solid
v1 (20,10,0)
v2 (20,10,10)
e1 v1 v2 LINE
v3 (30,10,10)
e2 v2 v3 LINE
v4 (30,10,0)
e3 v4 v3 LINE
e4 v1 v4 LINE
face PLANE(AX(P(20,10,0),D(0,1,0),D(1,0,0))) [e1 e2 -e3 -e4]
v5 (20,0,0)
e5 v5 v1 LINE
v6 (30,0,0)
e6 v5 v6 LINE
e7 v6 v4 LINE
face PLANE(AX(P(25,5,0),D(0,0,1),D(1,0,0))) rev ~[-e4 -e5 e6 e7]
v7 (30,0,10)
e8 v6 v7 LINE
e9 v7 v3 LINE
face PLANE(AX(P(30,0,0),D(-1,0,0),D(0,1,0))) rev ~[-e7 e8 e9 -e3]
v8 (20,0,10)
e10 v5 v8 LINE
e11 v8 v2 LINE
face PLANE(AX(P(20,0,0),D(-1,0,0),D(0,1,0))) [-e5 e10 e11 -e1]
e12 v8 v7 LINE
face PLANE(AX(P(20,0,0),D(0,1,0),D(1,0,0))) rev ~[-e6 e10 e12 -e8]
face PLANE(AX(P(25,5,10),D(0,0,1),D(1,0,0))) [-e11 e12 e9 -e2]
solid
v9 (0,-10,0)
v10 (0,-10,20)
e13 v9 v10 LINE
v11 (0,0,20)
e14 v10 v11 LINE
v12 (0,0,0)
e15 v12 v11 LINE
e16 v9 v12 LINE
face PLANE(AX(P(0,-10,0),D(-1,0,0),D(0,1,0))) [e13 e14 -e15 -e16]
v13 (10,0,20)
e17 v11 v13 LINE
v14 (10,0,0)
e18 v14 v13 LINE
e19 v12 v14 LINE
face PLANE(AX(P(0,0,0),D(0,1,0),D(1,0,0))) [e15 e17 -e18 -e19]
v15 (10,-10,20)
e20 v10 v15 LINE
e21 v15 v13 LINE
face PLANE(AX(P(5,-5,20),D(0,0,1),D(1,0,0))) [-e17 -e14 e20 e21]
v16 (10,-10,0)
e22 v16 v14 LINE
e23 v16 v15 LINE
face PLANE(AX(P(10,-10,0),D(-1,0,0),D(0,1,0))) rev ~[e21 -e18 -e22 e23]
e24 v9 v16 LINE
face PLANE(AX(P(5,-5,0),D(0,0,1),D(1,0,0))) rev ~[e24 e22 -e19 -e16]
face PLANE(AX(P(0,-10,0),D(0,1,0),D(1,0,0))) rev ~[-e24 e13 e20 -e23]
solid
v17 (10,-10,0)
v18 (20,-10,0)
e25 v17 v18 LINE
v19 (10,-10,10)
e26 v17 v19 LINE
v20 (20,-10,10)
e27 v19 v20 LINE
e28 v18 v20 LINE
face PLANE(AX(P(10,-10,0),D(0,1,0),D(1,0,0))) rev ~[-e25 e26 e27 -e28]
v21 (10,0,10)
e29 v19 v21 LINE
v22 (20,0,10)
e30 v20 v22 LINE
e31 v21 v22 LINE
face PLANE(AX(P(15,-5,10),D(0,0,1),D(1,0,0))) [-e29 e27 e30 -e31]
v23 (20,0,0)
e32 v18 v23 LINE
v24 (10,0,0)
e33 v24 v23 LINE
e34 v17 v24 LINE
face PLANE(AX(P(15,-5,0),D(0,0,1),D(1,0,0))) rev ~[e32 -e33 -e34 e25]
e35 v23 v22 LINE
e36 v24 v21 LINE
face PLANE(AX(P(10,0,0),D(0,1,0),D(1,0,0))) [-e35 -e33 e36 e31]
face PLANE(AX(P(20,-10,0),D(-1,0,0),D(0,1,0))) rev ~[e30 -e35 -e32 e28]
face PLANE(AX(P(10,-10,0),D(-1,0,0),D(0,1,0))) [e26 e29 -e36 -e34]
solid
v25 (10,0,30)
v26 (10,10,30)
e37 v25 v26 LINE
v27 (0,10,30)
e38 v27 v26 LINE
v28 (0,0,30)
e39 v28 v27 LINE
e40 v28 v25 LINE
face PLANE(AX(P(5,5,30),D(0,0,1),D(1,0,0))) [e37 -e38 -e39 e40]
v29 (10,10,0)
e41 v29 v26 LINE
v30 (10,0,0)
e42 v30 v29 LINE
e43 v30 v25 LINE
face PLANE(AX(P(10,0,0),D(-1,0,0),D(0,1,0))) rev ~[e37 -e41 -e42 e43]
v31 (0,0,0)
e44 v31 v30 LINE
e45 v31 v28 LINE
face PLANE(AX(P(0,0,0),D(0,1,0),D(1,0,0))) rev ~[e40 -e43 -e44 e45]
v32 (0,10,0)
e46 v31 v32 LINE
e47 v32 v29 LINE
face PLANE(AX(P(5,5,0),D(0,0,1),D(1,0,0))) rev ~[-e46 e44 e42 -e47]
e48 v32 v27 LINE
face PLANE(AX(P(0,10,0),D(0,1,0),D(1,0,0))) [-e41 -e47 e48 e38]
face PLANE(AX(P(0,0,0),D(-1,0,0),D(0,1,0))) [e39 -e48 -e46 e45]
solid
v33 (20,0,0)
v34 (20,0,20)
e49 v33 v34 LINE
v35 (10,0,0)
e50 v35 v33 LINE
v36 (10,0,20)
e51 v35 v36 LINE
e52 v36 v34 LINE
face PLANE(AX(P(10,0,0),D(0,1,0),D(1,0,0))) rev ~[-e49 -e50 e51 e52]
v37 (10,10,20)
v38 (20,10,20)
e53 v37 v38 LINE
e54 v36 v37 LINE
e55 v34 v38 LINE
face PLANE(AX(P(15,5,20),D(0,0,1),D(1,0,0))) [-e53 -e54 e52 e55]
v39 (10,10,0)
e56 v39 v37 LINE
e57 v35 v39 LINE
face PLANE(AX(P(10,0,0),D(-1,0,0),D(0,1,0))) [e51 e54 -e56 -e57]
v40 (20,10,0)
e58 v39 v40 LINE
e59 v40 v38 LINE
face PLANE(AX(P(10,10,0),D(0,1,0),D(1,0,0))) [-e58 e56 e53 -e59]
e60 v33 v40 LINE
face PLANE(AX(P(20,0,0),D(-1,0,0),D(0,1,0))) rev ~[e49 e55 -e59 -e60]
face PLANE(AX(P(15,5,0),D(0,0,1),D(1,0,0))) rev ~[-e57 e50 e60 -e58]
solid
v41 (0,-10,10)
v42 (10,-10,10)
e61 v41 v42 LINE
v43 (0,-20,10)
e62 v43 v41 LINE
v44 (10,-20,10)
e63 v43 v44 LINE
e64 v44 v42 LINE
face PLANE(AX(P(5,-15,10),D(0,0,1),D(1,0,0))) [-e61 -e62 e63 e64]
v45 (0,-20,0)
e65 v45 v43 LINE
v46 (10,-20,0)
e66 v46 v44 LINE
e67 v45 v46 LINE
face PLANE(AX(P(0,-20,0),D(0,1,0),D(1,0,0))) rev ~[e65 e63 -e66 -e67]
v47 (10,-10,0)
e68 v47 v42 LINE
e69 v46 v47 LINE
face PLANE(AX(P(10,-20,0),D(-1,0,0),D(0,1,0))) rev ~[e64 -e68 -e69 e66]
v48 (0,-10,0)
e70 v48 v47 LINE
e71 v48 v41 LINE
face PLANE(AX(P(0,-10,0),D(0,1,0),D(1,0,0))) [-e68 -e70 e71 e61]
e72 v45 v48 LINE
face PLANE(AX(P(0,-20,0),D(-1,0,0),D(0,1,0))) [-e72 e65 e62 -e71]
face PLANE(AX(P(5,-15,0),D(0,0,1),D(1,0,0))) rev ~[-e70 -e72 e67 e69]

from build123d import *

# Parameters (mm, degrees)
BOX_W        = 10
BOX_H        = 10
BOX_DEPTH    = 30
BOX001_W     = 10
BOX001_H     = 10
BOX001_DEPTH = 20
BOX002_W     = 10
BOX002_H     = 10
BOX002_DEPTH = 20
BOX003_W     = 10
BOX003_H     = 10
BOX003_DEPTH = 10
BOX004_W     = 10
BOX004_H     = 10
BOX004_DEPTH = 10
BOX005_W     = 10
BOX005_H     = 10
BOX005_DEPTH = 10


with BuildPart() as cube:
    # Box → Box (new body)
    with BuildSketch(Plane.XY):
        with Locations((5, 5)):
            Rectangle(BOX_W, BOX_H)
    extrude(amount=BOX_DEPTH)


with BuildPart() as cube001:
    # Box001 → Box001 (new body)
    with BuildSketch(Plane(origin=(10, 0, 0), x_dir=(1, 0, 0), z_dir=(0, 0, 1))):
        with Locations((5, 5)):
            Rectangle(BOX001_W, BOX001_H)
    extrude(amount=BOX001_DEPTH)


with BuildPart() as cube002:
    # Box002 → Box002 (new body)
    with BuildSketch(Plane(origin=(0, -10, 0), x_dir=(1, 0, 0), z_dir=(0, 0, 1))):
        with Locations((5, 5)):
            Rectangle(BOX002_W, BOX002_H)
    extrude(amount=BOX002_DEPTH)


with BuildPart() as cube003:
    # Box003 → Box003 (new body)
    with BuildSketch(Plane(origin=(10, -10, 0), x_dir=(1, 0, 0), z_dir=(0, 0, 1))):
        with Locations((5, 5)):
            Rectangle(BOX003_W, BOX003_H)
    extrude(amount=BOX003_DEPTH)


with BuildPart() as cube004:
    # Box004 → Box004 (new body)
    with BuildSketch(Plane(origin=(20, 0, 0), x_dir=(1, 0, 0), z_dir=(0, 0, 1))):
        with Locations((5, 5)):
            Rectangle(BOX004_W, BOX004_H)
    extrude(amount=BOX004_DEPTH)


with BuildPart() as cube005:
    # Box005 → Box005 (new body)
    with BuildSketch(Plane(origin=(0, -20, 0), x_dir=(1, 0, 0), z_dir=(0, 0, 1))):
        with Locations((5, 5)):
            Rectangle(BOX005_W, BOX005_H)
    extrude(amount=BOX005_DEPTH)


solid = Compound([cube.part, cube001.part, cube002.part, cube003.part, cube004.part, cube005.part])
